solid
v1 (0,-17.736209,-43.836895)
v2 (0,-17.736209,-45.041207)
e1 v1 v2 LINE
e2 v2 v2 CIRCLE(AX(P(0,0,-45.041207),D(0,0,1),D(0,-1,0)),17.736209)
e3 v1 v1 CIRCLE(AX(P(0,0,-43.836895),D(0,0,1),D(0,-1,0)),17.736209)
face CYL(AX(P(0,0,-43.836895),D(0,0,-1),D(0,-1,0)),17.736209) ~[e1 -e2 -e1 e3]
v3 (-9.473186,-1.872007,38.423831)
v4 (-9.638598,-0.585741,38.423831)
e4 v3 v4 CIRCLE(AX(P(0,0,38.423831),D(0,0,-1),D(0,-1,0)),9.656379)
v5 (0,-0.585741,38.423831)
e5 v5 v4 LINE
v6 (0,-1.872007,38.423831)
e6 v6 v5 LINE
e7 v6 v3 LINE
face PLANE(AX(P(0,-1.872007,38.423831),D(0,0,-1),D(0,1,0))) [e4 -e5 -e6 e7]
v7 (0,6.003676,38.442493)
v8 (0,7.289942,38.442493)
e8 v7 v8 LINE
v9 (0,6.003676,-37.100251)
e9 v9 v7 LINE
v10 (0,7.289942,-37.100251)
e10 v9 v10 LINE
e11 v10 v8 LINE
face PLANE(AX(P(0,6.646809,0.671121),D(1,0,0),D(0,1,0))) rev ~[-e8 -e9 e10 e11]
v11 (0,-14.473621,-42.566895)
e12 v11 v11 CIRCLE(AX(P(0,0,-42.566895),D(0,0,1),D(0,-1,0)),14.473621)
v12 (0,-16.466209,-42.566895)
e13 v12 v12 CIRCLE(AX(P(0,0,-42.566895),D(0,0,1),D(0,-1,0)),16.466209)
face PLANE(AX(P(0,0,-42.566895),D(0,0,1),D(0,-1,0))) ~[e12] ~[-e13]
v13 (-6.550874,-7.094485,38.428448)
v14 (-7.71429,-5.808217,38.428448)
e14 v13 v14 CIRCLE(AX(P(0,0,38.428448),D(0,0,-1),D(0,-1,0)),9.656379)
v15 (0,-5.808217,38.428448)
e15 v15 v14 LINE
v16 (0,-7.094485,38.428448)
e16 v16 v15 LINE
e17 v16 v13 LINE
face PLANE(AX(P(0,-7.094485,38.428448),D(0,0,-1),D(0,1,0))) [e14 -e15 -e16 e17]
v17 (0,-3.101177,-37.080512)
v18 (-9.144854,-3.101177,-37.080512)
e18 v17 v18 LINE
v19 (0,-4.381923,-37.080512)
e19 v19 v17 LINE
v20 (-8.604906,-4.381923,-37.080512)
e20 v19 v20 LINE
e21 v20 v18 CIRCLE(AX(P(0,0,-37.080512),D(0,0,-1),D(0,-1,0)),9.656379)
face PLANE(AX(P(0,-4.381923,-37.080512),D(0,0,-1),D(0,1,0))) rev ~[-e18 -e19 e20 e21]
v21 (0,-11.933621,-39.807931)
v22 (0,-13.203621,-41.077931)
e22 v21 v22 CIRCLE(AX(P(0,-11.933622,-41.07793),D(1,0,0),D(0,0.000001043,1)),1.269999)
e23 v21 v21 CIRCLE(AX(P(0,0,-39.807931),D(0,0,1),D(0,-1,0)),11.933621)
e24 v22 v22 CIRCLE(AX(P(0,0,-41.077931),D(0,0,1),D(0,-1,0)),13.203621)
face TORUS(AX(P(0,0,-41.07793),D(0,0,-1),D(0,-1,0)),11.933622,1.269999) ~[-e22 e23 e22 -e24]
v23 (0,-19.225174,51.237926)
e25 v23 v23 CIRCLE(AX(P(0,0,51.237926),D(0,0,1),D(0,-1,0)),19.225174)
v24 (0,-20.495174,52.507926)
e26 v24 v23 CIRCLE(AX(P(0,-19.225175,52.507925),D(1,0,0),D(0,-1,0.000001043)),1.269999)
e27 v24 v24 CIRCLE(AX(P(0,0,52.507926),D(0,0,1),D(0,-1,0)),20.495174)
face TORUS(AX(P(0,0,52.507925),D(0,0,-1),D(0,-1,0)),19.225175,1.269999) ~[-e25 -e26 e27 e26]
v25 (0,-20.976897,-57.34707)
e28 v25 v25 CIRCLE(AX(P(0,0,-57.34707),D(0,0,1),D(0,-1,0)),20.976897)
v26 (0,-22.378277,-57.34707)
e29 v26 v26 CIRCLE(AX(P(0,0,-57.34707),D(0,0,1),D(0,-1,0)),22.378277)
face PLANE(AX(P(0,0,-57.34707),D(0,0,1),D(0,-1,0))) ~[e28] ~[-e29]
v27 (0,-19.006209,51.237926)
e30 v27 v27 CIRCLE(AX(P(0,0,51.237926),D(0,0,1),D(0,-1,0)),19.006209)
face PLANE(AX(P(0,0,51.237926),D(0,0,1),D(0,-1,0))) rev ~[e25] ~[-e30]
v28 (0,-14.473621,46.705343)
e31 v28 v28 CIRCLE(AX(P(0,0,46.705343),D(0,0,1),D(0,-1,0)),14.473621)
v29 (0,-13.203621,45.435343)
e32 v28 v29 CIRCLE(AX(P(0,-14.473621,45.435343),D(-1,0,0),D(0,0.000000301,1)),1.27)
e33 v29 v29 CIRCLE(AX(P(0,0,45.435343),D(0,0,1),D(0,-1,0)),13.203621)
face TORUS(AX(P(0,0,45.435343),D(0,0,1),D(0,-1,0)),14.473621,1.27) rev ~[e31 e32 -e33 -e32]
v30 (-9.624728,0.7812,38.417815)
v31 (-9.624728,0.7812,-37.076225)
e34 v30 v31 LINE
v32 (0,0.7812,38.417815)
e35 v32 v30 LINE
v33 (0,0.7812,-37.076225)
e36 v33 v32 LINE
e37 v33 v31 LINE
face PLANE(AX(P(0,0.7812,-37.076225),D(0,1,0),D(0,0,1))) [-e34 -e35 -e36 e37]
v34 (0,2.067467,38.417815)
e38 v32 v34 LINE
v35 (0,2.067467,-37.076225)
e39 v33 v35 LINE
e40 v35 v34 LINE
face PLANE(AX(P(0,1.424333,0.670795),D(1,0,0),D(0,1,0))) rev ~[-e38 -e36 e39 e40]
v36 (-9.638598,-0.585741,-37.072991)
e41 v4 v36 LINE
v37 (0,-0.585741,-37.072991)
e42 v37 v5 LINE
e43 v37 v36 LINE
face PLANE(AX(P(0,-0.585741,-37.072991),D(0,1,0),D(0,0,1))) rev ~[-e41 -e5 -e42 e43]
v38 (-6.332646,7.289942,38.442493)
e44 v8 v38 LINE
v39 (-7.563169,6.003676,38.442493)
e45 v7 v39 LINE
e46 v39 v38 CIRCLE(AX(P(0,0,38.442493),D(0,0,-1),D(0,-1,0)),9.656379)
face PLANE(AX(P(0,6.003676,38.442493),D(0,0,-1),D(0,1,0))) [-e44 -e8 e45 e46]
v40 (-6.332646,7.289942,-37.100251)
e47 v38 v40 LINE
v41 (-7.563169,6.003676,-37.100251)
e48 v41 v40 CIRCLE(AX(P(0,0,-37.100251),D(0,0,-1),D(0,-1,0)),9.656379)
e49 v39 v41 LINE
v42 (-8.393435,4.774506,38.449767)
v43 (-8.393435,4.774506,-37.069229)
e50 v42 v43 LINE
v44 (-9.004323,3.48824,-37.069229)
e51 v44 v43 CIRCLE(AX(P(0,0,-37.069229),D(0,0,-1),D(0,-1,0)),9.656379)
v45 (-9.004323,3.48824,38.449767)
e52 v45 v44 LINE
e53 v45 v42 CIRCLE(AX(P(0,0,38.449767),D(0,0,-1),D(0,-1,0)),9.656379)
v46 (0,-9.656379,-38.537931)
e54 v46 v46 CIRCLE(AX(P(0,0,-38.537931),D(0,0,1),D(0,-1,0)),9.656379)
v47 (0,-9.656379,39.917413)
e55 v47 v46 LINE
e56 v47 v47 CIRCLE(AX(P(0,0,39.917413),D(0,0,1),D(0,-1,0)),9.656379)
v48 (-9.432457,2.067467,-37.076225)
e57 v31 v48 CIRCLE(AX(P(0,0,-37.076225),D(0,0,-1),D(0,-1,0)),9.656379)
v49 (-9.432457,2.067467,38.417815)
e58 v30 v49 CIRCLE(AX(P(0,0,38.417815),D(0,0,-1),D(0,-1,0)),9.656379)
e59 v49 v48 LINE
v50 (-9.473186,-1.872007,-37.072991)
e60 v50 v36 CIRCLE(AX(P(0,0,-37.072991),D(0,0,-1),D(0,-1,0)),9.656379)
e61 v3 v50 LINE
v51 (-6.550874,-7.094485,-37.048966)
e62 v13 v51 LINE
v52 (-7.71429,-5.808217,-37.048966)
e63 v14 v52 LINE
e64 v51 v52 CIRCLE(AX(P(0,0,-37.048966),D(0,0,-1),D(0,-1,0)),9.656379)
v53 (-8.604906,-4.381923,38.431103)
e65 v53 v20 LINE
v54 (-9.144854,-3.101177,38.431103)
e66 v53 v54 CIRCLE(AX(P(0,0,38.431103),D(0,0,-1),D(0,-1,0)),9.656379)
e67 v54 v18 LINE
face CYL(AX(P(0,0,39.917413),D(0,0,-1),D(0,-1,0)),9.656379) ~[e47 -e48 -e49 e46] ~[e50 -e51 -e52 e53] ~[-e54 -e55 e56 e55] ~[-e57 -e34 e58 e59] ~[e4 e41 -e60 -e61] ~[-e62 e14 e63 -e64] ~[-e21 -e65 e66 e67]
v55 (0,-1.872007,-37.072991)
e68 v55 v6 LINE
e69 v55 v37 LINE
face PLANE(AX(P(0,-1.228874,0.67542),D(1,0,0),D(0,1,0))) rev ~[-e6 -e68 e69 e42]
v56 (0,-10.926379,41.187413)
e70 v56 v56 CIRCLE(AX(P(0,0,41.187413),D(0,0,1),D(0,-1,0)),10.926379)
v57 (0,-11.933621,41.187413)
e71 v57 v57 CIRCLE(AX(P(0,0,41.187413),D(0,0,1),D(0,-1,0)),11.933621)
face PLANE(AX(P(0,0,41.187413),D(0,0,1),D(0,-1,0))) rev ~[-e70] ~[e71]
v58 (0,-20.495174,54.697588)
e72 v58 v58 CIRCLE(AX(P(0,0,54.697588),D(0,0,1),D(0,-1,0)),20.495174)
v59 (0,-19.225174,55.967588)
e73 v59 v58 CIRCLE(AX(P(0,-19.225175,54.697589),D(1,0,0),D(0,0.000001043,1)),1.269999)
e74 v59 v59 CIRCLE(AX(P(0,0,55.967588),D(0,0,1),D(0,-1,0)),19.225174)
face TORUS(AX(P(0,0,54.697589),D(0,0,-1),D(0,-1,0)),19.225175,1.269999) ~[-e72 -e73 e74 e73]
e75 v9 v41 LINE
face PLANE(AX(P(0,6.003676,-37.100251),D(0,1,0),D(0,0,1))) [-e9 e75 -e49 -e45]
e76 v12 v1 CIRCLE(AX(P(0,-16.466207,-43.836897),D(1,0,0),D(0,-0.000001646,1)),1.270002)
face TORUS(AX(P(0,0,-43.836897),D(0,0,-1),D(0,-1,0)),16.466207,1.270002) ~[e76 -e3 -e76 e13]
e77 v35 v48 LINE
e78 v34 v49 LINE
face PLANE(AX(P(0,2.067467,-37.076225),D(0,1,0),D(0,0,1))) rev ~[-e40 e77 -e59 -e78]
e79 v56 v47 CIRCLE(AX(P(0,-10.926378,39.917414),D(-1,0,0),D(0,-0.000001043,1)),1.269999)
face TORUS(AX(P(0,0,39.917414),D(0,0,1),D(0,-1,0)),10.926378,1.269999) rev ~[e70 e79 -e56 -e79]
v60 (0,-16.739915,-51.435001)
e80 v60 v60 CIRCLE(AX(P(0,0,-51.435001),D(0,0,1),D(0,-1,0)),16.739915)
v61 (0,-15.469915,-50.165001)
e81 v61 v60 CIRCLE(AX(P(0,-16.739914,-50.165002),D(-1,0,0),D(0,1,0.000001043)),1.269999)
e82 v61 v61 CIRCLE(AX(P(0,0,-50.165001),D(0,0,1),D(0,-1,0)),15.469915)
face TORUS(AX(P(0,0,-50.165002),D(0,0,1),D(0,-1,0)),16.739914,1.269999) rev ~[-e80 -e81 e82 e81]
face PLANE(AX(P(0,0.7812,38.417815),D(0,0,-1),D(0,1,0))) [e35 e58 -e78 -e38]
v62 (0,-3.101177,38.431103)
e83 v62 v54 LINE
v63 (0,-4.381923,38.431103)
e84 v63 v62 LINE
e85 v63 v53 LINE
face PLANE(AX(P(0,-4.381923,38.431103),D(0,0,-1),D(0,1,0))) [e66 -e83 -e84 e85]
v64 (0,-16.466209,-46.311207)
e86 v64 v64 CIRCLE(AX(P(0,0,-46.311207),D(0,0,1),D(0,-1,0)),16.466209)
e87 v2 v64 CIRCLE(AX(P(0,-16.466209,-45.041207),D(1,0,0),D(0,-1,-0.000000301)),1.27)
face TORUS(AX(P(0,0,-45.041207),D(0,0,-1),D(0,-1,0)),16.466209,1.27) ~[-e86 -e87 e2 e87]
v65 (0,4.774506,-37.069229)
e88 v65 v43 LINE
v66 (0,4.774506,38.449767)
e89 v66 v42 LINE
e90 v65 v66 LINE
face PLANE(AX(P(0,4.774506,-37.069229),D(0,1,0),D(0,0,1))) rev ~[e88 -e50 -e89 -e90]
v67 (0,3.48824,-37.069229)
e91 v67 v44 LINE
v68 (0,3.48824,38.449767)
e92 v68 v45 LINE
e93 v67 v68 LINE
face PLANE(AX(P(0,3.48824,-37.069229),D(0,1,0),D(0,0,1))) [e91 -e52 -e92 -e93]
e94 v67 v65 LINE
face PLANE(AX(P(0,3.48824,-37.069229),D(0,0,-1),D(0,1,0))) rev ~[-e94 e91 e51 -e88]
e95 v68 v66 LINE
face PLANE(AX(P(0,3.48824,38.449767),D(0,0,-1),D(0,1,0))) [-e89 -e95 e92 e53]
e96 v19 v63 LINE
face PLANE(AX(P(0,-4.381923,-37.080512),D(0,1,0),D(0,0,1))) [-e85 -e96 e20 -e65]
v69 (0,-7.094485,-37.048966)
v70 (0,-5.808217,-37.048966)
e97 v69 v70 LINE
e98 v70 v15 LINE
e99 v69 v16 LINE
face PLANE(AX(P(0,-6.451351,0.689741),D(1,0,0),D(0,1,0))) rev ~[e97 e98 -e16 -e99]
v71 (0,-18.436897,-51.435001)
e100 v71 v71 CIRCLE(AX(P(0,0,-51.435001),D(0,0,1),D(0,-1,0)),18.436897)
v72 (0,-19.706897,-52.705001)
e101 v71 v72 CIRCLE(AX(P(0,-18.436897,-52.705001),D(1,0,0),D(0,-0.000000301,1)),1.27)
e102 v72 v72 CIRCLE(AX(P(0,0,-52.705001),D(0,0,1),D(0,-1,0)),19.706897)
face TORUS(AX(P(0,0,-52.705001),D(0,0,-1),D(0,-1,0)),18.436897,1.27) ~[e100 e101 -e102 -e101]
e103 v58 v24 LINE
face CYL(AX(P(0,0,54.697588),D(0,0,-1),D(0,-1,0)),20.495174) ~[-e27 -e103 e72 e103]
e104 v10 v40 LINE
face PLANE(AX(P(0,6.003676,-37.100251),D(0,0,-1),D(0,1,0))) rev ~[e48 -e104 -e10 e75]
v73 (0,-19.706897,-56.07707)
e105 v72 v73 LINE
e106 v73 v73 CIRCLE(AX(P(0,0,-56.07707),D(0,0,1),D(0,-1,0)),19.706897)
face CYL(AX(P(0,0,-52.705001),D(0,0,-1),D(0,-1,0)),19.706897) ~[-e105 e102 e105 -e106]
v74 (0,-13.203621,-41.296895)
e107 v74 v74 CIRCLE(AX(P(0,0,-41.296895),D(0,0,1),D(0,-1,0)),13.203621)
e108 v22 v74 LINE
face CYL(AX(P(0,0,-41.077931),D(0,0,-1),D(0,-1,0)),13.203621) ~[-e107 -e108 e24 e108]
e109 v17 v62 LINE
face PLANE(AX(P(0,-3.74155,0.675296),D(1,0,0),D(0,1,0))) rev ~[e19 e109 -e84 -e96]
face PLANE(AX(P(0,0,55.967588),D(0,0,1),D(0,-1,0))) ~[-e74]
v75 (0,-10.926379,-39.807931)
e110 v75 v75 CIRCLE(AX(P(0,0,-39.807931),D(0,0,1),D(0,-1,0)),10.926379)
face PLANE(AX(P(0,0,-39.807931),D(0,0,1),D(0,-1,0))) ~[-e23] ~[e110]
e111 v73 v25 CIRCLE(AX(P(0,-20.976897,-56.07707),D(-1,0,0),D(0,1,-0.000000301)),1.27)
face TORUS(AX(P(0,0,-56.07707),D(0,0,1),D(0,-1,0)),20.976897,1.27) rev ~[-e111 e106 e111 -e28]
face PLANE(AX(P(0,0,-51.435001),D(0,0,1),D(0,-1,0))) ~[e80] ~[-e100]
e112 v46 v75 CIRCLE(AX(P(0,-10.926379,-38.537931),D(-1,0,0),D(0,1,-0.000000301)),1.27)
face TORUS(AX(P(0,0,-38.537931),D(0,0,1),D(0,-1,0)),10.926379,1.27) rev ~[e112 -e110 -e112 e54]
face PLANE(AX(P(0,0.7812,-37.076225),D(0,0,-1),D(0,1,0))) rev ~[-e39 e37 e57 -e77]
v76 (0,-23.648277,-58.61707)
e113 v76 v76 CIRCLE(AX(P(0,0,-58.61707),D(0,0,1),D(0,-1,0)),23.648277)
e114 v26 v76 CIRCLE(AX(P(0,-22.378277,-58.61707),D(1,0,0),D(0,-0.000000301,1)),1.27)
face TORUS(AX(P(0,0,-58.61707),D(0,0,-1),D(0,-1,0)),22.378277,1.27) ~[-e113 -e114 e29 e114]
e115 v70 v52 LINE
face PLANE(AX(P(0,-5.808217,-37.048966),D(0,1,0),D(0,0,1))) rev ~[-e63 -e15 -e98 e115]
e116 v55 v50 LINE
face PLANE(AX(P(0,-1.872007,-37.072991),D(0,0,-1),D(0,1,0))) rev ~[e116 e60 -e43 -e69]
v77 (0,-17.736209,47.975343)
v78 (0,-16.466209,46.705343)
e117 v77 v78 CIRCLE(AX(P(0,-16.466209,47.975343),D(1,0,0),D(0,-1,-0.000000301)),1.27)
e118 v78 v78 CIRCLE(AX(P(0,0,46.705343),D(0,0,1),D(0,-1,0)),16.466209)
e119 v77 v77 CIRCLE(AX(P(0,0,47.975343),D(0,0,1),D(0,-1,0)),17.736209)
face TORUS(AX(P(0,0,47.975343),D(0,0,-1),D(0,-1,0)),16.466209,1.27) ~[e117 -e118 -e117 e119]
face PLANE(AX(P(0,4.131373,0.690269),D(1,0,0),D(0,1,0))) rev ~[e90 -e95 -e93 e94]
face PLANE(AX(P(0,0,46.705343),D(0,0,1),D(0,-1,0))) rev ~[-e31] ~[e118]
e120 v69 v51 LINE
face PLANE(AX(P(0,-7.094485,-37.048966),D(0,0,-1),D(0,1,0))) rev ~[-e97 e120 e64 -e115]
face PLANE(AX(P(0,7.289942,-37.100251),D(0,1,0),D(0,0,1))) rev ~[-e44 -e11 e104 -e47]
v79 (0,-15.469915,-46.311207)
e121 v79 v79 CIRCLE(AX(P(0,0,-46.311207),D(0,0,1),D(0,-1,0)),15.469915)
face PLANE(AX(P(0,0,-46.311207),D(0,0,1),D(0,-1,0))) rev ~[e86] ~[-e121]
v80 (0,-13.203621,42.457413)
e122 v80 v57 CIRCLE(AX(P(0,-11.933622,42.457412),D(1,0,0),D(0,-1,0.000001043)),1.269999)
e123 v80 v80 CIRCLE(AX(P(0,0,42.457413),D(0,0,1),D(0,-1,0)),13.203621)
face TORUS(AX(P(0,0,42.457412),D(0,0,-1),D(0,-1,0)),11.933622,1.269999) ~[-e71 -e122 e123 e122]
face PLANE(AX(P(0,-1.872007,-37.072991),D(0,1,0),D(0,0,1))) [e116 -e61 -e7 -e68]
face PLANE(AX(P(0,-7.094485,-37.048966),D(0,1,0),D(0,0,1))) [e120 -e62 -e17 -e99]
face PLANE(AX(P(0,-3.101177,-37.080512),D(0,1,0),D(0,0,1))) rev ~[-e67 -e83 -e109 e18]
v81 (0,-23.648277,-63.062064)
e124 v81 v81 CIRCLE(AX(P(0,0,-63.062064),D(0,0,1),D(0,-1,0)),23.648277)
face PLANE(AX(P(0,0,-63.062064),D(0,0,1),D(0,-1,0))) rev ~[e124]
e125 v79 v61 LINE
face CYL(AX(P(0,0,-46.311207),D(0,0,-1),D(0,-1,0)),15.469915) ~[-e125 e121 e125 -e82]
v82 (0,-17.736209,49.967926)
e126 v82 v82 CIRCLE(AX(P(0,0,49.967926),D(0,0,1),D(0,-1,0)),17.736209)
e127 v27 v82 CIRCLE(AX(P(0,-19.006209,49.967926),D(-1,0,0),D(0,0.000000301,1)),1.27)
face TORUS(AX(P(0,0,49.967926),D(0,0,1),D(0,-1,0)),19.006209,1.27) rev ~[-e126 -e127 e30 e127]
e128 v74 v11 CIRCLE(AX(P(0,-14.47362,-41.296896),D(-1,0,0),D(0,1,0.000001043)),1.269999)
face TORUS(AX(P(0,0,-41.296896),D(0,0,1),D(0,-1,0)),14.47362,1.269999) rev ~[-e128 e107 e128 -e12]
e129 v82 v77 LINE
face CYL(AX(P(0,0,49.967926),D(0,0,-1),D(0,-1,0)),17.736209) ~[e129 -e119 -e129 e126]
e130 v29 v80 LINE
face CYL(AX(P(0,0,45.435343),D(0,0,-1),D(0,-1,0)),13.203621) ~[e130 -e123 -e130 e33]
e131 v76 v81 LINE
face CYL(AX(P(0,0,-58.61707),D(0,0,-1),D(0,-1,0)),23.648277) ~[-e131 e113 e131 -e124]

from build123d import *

# Parameters (mm, degrees)
F2_W     = 1.286267
F2_H     = 75.477414
F2_W_2   = 1.280746
F2_H_2   = 75.511615
F2_W_3   = 1.286266
F2_H_3   = 75.496822
F2_H_4   = 75.49404
F2_H_5   = 75.518996
F2_H_6   = 75.542745
F3_DEPTH = 21.082


with BuildPart() as f1:
    # F0 (on Right) → F1 (revolve)
    with BuildSketch(Plane.YZ):
        with BuildLine():
            Line((0, -63.062064), (0, -56.361724))
            Line((0, -56.361724), (0, 43.267588))
            Line((0, 43.267588), (0, 55.967588))
            Line((0, 55.967588), (-12.7, 55.967588))
            Line((-12.7, 55.967588), (-19.225174, 55.967588))
            ThreePointArc((-19.225174, 55.967588), (-20.1232, 55.595614), (-20.495174, 54.697588))
            Line((-20.495174, 54.697588), (-20.495174, 52.507926))
            ThreePointArc((-20.495174, 52.507926), (-20.1232, 51.6099), (-19.225174, 51.237926))
            Line((-19.225174, 51.237926), (-19.006209, 51.237926))
            ThreePointArc((-19.006209, 51.237926), (-18.108183, 50.865951), (-17.736209, 49.967926))
            Line((-17.736209, 49.967926), (-17.736209, 47.975343))
            ThreePointArc((-17.736209, 47.975343), (-17.364234, 47.077317), (-16.466209, 46.705343))
            Line((-16.466209, 46.705343), (-14.473621, 46.705343))
            ThreePointArc((-14.473621, 46.705343), (-13.575595, 46.333368), (-13.203621, 45.435343))
            Line((-13.203621, 45.435343), (-13.203621, 42.457413))
            ThreePointArc((-13.203621, 42.457413), (-12.831647, 41.559387), (-11.933621, 41.187413))
            Line((-11.933621, 41.187413), (-10.926379, 41.187413))
            ThreePointArc((-10.926379, 41.187413), (-10.028353, 40.815439), (-9.656379, 39.917413))
            Line((-9.656379, 39.917413), (-9.656379, -38.537931))
            ThreePointArc((-9.656379, -38.537931), (-10.028353, -39.435956), (-10.926379, -39.807931))
            Line((-10.926379, -39.807931), (-11.933621, -39.807931))
            ThreePointArc((-11.933621, -39.807931), (-12.831647, -40.179905), (-13.203621, -41.077931))
            Line((-13.203621, -41.077931), (-13.203621, -41.296895))
            ThreePointArc((-13.203621, -41.296895), (-13.575595, -42.194921), (-14.473621, -42.566895))
            Line((-14.473621, -42.566895), (-16.466209, -42.566895))
            ThreePointArc((-16.466209, -42.566895), (-17.364234, -42.93887), (-17.736209, -43.836895))
            Line((-17.736209, -43.836895), (-17.736209, -45.041207))
            ThreePointArc((-17.736209, -45.041207), (-17.364234, -45.939233), (-16.466209, -46.311207))
            Line((-16.466209, -46.311207), (-15.469915, -46.311207))
            Line((-15.469915, -46.311207), (-15.469915, -50.165001))
            ThreePointArc((-15.469915, -50.165001), (-15.841889, -51.063027), (-16.739915, -51.435001))
            Line((-16.739915, -51.435001), (-18.436897, -51.435001))
            ThreePointArc((-18.436897, -51.435001), (-19.334923, -51.806976), (-19.706897, -52.705001))
            Line((-19.706897, -52.705001), (-19.706897, -56.07707))
            ThreePointArc((-19.706897, -56.07707), (-20.078872, -56.975096), (-20.976897, -57.34707))
            Line((-20.976897, -57.34707), (-22.378277, -57.34707))
            ThreePointArc((-22.378277, -57.34707), (-23.276303, -57.719045), (-23.648277, -58.61707))
            Line((-23.648277, -58.61707), (-23.648277, -63.062064))
            Line((-23.648277, -63.062064), (0, -63.062064))
        make_face()
    revolve(axis=Axis((0, 0, -6.547068), (0, 0, 1)))

    # F2 (on Right) → F3 (cut)
    with BuildSketch(Plane.YZ):
        with Locations((-6.451351, 0.689741)):
            Rectangle(F2_W, F2_H)
        with Locations((-3.74155, 0.675296)):
            Rectangle(F2_W_2, F2_H_2)
        with Locations((-1.228874, 0.67542)):
            Rectangle(F2_W_3, F2_H_3)
        with Locations((1.424333, 0.670795)):
            Rectangle(F2_W, F2_H_4)
        with Locations((4.131373, 0.690269)):
            Rectangle(F2_W_3, F2_H_5)
        with Locations((6.646809, 0.671121)):
            Rectangle(F2_W_3, F2_H_6)
    extrude(amount=-F3_DEPTH, mode=Mode.SUBTRACT)


solid = f1.part
